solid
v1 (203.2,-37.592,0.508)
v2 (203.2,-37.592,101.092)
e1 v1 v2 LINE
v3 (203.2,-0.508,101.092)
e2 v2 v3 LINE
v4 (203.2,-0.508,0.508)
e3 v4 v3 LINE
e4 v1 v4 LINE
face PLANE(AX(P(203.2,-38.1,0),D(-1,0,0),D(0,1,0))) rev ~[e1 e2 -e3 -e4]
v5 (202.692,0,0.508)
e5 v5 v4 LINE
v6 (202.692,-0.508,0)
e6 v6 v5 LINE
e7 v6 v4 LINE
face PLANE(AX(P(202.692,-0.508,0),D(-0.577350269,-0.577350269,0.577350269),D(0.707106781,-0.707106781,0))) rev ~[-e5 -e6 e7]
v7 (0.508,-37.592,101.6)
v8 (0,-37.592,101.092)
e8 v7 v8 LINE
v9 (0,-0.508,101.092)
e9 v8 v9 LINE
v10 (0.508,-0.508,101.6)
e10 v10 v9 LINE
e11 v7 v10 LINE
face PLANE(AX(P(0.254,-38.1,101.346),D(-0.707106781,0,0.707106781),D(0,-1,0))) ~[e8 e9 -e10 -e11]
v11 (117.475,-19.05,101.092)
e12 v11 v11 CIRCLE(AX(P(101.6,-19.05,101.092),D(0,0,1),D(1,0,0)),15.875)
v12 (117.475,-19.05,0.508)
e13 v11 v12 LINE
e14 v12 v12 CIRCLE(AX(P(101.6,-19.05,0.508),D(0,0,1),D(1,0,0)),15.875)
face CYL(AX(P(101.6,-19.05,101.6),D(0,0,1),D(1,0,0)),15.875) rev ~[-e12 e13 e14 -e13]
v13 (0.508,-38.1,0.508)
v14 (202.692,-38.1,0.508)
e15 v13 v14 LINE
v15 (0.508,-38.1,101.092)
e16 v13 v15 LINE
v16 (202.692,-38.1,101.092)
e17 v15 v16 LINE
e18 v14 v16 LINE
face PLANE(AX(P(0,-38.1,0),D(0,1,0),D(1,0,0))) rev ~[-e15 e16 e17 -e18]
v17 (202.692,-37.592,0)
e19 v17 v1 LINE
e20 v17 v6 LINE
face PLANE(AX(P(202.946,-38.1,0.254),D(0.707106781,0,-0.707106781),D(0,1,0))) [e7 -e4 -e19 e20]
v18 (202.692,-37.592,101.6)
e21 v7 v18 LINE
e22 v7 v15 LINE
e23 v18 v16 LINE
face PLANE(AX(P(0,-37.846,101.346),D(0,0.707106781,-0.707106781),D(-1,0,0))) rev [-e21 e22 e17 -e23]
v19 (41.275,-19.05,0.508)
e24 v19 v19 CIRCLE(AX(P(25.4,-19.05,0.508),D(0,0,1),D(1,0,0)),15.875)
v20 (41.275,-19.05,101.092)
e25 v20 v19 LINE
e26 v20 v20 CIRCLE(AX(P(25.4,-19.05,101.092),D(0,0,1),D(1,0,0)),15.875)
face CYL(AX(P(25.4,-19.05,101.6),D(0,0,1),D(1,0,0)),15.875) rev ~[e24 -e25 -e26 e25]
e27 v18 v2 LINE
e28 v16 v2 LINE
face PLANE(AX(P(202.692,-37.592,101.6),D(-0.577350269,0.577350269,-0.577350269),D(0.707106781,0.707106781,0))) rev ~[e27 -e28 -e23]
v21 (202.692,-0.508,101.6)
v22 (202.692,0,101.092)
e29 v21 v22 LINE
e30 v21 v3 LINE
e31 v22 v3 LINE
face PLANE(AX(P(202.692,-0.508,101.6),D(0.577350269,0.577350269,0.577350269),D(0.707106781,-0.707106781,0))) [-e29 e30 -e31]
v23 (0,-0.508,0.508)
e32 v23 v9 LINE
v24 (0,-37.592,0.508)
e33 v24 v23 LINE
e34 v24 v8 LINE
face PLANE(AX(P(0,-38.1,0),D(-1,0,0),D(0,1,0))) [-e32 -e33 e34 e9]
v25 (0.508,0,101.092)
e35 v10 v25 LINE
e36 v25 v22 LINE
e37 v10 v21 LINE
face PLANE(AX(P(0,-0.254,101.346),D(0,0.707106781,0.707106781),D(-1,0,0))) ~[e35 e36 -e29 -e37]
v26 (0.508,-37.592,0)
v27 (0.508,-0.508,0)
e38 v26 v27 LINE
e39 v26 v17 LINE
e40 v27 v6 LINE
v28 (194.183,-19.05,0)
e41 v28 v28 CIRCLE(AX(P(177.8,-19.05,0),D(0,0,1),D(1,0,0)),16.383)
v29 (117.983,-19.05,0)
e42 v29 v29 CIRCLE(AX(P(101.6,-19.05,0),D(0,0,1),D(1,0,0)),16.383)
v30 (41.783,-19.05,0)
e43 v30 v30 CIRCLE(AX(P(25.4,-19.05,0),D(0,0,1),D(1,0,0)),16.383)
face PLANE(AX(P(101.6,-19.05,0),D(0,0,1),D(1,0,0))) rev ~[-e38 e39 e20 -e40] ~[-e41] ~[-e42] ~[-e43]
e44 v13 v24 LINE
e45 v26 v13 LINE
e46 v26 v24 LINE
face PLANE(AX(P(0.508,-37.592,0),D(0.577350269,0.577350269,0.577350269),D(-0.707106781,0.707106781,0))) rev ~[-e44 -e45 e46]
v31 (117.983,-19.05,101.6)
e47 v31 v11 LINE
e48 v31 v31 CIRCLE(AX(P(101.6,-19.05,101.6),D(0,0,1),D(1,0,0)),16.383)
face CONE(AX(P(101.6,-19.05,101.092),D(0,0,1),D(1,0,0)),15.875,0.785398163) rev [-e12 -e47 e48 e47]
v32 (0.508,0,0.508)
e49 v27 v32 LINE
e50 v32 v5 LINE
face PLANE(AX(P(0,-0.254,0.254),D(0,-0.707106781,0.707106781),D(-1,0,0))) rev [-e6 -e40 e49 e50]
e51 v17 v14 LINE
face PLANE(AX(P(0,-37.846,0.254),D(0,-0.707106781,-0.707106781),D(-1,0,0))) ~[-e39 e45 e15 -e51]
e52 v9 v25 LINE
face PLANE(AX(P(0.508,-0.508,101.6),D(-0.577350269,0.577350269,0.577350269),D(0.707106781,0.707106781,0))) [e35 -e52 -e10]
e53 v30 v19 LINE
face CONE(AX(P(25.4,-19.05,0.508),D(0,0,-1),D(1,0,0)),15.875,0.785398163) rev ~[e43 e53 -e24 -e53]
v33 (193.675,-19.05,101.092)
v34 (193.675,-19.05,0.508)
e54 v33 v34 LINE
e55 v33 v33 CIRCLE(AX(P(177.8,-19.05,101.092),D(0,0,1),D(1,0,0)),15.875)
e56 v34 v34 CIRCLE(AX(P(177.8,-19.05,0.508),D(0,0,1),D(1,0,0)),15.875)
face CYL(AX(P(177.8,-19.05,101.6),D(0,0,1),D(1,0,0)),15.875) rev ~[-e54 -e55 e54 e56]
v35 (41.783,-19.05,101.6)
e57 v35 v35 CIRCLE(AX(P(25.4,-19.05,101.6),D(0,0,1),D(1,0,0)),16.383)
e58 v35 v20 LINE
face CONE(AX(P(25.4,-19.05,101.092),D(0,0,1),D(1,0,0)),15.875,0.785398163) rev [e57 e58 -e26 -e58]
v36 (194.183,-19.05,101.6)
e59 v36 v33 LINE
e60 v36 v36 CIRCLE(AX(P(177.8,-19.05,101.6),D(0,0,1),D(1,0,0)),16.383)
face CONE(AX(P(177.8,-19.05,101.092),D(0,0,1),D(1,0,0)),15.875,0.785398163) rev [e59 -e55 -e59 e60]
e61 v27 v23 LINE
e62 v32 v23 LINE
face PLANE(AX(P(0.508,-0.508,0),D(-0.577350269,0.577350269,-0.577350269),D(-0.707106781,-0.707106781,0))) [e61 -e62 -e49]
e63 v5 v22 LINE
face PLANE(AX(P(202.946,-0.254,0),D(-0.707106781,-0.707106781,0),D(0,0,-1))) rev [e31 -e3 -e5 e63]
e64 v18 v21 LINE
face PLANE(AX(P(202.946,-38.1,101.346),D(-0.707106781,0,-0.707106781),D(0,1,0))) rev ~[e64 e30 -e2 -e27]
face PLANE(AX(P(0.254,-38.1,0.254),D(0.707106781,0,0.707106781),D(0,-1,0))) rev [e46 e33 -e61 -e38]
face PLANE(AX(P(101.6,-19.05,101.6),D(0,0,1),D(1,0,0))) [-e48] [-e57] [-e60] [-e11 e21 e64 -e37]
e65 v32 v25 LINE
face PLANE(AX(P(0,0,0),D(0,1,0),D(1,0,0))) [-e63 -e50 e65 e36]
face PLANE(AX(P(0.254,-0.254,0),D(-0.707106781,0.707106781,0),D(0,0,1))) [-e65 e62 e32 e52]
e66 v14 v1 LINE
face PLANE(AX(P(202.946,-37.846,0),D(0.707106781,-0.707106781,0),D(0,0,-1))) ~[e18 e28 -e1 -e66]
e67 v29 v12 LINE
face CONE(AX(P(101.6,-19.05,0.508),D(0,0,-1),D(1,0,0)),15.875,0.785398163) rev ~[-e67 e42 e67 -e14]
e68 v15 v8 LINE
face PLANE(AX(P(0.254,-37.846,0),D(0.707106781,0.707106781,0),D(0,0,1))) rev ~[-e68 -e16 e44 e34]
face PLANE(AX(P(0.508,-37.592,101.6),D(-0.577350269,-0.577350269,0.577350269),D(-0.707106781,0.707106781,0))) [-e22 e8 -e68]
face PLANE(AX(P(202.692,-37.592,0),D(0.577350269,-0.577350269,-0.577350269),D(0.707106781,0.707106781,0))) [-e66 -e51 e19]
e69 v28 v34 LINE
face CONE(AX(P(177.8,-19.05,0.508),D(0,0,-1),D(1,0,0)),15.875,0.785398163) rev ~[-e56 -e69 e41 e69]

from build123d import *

# Parameters (mm, degrees)
F0_W     = 203.2
F0_H     = 38.1
F1_DEPTH = 101.6
F2_R     = 15.875
F3_DEPTH = 101.601
F4_SIZE  = 0.508


with BuildPart() as f1:
    # F0 (on Top) → F1 (new body)
    with BuildSketch(Plane.XY):
        with Locations((101.6, -19.05)):
            Rectangle(F0_W, F0_H)
    extrude(amount=F1_DEPTH)

    # F2 (on face) → F3 (cut, through all)
    with BuildSketch(Plane.XY.offset(101.6)):
        with Locations((25.4, -19.05)):
            Circle(F2_R)
        with Locations((177.8, -19.05)):
            Circle(F2_R)
        with Locations((101.6, -19.05)):
            Circle(F2_R)
    extrude(amount=-F3_DEPTH, mode=Mode.SUBTRACT)

    # F4
    f4_edges = [f1.edges().sort_by_distance(p)[0] for p in [
        (203.2, 0, 50.8),
        (203.2, -38.1, 50.8),
        (0, 0, 50.8),
        (0, -38.1, 50.8),
        (101.6, -38.1, 101.6),
        (0, -19.05, 101.6),
        (101.6, 0, 101.6),
        (101.6, -38.1, 0),
        (101.6, 0, 0),
        (0, -19.05, 0),
        (203.2, -19.05, 0),
        (203.2, -19.05, 101.6),
        (161.925, -19.05, 101.6),
        (85.725, -19.05, 101.6),
        (9.525, -19.05, 101.6),
        (9.525, -19.05, 0),
        (85.725, -19.05, 0),
        (161.925, -19.05, 0),
    ]]
    chamfer(f4_edges, length=F4_SIZE)


solid = f1.part
